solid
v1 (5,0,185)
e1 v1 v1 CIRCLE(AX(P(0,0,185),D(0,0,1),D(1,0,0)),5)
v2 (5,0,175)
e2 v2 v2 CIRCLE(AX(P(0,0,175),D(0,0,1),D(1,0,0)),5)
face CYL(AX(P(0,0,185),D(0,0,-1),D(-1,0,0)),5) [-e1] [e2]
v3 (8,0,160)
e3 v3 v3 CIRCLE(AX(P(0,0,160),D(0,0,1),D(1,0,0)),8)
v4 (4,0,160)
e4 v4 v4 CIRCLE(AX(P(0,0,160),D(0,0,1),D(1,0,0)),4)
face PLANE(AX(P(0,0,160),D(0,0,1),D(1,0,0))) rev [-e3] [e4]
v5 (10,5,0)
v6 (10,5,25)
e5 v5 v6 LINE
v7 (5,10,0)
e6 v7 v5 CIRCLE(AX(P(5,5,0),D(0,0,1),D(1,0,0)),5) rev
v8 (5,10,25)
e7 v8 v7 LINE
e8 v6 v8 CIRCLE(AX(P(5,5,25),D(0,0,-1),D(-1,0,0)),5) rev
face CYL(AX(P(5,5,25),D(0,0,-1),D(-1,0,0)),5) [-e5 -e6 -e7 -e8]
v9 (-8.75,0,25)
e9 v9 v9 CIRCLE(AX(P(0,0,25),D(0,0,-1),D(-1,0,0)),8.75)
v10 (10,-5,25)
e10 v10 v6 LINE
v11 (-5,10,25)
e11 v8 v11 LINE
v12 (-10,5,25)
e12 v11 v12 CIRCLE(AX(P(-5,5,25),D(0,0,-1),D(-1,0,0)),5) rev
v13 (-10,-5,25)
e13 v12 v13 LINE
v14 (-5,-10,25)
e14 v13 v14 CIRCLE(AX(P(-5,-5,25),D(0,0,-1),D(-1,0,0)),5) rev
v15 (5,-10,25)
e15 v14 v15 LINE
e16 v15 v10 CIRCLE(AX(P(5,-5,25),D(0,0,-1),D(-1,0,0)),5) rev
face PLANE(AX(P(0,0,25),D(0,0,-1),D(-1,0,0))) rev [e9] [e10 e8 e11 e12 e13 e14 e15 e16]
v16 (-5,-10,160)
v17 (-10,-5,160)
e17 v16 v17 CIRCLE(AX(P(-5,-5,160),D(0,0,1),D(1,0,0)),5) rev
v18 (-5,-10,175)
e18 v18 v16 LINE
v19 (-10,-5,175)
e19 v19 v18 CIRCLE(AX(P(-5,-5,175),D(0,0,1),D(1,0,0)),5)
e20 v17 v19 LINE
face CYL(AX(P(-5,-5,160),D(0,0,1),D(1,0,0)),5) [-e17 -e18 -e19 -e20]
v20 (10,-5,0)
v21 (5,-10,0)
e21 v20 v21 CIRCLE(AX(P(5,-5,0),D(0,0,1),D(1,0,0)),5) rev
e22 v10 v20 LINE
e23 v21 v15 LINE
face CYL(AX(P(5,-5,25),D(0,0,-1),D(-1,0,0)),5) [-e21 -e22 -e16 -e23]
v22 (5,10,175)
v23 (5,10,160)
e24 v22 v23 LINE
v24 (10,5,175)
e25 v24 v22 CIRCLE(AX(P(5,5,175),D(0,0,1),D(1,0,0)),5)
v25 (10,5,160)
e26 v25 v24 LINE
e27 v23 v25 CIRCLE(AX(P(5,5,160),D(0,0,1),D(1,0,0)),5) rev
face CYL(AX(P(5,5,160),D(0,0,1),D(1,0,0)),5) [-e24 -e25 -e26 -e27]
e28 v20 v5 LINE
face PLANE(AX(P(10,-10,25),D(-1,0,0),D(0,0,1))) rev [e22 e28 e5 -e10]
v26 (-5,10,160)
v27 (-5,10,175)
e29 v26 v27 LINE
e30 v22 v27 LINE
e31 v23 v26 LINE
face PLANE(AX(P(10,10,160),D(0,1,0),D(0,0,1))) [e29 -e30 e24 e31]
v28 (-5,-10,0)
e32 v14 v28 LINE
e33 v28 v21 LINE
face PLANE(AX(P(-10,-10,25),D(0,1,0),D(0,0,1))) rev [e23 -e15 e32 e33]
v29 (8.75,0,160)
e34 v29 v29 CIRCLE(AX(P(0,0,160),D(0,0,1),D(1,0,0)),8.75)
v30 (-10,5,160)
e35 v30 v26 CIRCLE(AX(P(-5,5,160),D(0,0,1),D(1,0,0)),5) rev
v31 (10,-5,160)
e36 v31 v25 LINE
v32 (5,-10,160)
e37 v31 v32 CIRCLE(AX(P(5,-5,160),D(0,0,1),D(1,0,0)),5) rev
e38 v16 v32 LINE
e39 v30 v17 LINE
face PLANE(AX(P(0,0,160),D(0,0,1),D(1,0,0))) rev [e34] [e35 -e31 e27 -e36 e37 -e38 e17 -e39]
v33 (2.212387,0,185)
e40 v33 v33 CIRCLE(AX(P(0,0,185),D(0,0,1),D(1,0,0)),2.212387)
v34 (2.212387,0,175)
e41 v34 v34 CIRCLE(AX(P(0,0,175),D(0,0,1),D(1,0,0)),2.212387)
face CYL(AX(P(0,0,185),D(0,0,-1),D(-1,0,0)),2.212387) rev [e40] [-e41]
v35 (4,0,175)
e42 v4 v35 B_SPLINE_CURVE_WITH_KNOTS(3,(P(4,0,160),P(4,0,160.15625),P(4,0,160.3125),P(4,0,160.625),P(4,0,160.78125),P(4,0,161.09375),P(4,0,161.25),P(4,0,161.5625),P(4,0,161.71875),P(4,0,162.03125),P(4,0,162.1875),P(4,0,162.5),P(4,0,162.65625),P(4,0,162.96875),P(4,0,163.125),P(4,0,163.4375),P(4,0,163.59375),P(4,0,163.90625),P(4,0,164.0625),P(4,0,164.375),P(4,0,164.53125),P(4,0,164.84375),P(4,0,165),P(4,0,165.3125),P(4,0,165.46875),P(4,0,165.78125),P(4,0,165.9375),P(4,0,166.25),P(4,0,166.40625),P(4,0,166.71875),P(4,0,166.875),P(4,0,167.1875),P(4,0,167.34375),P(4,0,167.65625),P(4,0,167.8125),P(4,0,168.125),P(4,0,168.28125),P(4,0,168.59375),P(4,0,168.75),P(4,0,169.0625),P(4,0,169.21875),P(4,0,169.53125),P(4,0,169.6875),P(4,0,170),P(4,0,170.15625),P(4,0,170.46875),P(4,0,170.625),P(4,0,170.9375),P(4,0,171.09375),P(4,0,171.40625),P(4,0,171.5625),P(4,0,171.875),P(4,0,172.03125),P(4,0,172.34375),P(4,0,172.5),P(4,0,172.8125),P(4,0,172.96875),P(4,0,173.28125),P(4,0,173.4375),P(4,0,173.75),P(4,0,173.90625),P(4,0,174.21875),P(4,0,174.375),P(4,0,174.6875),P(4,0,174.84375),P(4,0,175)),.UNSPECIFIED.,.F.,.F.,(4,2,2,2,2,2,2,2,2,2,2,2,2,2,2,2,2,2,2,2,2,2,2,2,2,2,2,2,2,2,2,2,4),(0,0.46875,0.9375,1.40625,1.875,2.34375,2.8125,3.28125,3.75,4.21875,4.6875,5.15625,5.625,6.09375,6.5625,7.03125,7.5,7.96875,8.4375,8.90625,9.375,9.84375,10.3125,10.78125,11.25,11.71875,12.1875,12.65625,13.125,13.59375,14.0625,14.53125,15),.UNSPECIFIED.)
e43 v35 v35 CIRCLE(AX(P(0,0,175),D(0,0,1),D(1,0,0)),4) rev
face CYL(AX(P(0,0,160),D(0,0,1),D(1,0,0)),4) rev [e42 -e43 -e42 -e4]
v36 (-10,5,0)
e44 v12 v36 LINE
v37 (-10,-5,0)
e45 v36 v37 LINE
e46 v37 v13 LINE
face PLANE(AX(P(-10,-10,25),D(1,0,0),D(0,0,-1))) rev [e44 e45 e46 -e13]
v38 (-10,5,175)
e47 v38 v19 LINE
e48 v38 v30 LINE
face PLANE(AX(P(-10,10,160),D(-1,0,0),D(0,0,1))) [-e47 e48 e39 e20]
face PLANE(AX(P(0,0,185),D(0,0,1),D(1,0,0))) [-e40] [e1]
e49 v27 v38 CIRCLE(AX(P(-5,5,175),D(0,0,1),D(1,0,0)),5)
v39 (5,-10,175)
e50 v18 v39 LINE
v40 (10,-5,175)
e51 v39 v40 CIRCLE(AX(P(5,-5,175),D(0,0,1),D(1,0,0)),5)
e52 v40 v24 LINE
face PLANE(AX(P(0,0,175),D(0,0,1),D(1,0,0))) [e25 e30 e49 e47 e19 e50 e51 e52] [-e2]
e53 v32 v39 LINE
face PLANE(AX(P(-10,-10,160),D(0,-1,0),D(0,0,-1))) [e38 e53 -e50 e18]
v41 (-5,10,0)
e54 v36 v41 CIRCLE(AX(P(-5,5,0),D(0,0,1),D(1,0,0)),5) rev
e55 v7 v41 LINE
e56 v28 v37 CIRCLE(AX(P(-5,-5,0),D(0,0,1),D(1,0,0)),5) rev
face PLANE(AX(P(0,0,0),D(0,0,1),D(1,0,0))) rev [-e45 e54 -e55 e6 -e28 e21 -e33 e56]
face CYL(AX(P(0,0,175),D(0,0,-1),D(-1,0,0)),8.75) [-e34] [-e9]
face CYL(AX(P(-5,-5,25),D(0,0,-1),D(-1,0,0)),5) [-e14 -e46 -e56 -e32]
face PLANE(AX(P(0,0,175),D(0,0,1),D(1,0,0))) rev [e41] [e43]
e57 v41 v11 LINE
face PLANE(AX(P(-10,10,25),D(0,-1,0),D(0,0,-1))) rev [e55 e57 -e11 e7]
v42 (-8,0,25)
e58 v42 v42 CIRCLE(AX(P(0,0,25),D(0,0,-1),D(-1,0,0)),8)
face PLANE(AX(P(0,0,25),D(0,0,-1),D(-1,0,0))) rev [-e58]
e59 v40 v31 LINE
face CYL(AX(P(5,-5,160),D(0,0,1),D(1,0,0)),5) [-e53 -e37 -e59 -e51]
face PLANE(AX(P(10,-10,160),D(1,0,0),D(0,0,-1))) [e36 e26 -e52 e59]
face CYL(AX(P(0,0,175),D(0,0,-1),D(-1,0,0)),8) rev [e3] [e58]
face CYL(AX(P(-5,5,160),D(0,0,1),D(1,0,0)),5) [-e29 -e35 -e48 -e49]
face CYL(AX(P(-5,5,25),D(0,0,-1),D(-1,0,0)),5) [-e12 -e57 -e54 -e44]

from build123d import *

# Parameters (mm, degrees)
SKETCH_1_R      = 8.75
SKETCH_1_R_2    = 8
EXTRUDE_1_DEPTH = 175
SKETCH_2_W      = 20
SKETCH_2_H      = 20
EXTRUDE_2_DEPTH = 25
SKETCH_3_W      = 20
SKETCH_3_H      = 20
SKETCH_3_R      = 4
EXTRUDE_3_DEPTH = 15
FILLET_1_R      = 5
SKETCH_5_R      = 5
SKETCH_5_R_2    = 2.212387265
EXTRUDE_4_DEPTH = 10


with BuildPart() as part:
    # 草图1 → 凸台-拉伸1 (new body)
    with BuildSketch(Plane.XY):
        Circle(SKETCH_1_R)
        Circle(SKETCH_1_R_2, mode=Mode.SUBTRACT)
    extrude(amount=EXTRUDE_1_DEPTH)

    # 草图2 → 凸台-拉伸2 (add)
    with BuildSketch(Plane.XY):
        Rectangle(SKETCH_2_W, SKETCH_2_H)
    extrude(amount=EXTRUDE_2_DEPTH)

    # 草图3 → 凸台-拉伸3 (add)
    with BuildSketch(Plane.XY.offset(175)):
        Rectangle(SKETCH_3_W, SKETCH_3_H)
        Circle(SKETCH_3_R, mode=Mode.SUBTRACT)
    extrude(amount=-EXTRUDE_3_DEPTH)

    # 圆角1
    fillet_1_edges = [part.edges().sort_by_distance(p)[0] for p in [
        (10, -10, 12.5),
        (10, 10, 12.5),
        (-10, 10, 12.5),
        (-10, -10, 12.5),
        (10, -10, 167.5),
        (-10, -10, 167.5),
        (-10, 10, 167.5),
        (10, 10, 167.5),
    ]]
    fillet(fillet_1_edges, radius=FILLET_1_R)

    # 草图5 → 凸台-拉伸4 (add)
    with BuildSketch(Plane.XY.offset(175)):
        Circle(SKETCH_5_R)
        Circle(SKETCH_5_R_2, mode=Mode.SUBTRACT)
    extrude(amount=EXTRUDE_4_DEPTH)


solid = part.part
